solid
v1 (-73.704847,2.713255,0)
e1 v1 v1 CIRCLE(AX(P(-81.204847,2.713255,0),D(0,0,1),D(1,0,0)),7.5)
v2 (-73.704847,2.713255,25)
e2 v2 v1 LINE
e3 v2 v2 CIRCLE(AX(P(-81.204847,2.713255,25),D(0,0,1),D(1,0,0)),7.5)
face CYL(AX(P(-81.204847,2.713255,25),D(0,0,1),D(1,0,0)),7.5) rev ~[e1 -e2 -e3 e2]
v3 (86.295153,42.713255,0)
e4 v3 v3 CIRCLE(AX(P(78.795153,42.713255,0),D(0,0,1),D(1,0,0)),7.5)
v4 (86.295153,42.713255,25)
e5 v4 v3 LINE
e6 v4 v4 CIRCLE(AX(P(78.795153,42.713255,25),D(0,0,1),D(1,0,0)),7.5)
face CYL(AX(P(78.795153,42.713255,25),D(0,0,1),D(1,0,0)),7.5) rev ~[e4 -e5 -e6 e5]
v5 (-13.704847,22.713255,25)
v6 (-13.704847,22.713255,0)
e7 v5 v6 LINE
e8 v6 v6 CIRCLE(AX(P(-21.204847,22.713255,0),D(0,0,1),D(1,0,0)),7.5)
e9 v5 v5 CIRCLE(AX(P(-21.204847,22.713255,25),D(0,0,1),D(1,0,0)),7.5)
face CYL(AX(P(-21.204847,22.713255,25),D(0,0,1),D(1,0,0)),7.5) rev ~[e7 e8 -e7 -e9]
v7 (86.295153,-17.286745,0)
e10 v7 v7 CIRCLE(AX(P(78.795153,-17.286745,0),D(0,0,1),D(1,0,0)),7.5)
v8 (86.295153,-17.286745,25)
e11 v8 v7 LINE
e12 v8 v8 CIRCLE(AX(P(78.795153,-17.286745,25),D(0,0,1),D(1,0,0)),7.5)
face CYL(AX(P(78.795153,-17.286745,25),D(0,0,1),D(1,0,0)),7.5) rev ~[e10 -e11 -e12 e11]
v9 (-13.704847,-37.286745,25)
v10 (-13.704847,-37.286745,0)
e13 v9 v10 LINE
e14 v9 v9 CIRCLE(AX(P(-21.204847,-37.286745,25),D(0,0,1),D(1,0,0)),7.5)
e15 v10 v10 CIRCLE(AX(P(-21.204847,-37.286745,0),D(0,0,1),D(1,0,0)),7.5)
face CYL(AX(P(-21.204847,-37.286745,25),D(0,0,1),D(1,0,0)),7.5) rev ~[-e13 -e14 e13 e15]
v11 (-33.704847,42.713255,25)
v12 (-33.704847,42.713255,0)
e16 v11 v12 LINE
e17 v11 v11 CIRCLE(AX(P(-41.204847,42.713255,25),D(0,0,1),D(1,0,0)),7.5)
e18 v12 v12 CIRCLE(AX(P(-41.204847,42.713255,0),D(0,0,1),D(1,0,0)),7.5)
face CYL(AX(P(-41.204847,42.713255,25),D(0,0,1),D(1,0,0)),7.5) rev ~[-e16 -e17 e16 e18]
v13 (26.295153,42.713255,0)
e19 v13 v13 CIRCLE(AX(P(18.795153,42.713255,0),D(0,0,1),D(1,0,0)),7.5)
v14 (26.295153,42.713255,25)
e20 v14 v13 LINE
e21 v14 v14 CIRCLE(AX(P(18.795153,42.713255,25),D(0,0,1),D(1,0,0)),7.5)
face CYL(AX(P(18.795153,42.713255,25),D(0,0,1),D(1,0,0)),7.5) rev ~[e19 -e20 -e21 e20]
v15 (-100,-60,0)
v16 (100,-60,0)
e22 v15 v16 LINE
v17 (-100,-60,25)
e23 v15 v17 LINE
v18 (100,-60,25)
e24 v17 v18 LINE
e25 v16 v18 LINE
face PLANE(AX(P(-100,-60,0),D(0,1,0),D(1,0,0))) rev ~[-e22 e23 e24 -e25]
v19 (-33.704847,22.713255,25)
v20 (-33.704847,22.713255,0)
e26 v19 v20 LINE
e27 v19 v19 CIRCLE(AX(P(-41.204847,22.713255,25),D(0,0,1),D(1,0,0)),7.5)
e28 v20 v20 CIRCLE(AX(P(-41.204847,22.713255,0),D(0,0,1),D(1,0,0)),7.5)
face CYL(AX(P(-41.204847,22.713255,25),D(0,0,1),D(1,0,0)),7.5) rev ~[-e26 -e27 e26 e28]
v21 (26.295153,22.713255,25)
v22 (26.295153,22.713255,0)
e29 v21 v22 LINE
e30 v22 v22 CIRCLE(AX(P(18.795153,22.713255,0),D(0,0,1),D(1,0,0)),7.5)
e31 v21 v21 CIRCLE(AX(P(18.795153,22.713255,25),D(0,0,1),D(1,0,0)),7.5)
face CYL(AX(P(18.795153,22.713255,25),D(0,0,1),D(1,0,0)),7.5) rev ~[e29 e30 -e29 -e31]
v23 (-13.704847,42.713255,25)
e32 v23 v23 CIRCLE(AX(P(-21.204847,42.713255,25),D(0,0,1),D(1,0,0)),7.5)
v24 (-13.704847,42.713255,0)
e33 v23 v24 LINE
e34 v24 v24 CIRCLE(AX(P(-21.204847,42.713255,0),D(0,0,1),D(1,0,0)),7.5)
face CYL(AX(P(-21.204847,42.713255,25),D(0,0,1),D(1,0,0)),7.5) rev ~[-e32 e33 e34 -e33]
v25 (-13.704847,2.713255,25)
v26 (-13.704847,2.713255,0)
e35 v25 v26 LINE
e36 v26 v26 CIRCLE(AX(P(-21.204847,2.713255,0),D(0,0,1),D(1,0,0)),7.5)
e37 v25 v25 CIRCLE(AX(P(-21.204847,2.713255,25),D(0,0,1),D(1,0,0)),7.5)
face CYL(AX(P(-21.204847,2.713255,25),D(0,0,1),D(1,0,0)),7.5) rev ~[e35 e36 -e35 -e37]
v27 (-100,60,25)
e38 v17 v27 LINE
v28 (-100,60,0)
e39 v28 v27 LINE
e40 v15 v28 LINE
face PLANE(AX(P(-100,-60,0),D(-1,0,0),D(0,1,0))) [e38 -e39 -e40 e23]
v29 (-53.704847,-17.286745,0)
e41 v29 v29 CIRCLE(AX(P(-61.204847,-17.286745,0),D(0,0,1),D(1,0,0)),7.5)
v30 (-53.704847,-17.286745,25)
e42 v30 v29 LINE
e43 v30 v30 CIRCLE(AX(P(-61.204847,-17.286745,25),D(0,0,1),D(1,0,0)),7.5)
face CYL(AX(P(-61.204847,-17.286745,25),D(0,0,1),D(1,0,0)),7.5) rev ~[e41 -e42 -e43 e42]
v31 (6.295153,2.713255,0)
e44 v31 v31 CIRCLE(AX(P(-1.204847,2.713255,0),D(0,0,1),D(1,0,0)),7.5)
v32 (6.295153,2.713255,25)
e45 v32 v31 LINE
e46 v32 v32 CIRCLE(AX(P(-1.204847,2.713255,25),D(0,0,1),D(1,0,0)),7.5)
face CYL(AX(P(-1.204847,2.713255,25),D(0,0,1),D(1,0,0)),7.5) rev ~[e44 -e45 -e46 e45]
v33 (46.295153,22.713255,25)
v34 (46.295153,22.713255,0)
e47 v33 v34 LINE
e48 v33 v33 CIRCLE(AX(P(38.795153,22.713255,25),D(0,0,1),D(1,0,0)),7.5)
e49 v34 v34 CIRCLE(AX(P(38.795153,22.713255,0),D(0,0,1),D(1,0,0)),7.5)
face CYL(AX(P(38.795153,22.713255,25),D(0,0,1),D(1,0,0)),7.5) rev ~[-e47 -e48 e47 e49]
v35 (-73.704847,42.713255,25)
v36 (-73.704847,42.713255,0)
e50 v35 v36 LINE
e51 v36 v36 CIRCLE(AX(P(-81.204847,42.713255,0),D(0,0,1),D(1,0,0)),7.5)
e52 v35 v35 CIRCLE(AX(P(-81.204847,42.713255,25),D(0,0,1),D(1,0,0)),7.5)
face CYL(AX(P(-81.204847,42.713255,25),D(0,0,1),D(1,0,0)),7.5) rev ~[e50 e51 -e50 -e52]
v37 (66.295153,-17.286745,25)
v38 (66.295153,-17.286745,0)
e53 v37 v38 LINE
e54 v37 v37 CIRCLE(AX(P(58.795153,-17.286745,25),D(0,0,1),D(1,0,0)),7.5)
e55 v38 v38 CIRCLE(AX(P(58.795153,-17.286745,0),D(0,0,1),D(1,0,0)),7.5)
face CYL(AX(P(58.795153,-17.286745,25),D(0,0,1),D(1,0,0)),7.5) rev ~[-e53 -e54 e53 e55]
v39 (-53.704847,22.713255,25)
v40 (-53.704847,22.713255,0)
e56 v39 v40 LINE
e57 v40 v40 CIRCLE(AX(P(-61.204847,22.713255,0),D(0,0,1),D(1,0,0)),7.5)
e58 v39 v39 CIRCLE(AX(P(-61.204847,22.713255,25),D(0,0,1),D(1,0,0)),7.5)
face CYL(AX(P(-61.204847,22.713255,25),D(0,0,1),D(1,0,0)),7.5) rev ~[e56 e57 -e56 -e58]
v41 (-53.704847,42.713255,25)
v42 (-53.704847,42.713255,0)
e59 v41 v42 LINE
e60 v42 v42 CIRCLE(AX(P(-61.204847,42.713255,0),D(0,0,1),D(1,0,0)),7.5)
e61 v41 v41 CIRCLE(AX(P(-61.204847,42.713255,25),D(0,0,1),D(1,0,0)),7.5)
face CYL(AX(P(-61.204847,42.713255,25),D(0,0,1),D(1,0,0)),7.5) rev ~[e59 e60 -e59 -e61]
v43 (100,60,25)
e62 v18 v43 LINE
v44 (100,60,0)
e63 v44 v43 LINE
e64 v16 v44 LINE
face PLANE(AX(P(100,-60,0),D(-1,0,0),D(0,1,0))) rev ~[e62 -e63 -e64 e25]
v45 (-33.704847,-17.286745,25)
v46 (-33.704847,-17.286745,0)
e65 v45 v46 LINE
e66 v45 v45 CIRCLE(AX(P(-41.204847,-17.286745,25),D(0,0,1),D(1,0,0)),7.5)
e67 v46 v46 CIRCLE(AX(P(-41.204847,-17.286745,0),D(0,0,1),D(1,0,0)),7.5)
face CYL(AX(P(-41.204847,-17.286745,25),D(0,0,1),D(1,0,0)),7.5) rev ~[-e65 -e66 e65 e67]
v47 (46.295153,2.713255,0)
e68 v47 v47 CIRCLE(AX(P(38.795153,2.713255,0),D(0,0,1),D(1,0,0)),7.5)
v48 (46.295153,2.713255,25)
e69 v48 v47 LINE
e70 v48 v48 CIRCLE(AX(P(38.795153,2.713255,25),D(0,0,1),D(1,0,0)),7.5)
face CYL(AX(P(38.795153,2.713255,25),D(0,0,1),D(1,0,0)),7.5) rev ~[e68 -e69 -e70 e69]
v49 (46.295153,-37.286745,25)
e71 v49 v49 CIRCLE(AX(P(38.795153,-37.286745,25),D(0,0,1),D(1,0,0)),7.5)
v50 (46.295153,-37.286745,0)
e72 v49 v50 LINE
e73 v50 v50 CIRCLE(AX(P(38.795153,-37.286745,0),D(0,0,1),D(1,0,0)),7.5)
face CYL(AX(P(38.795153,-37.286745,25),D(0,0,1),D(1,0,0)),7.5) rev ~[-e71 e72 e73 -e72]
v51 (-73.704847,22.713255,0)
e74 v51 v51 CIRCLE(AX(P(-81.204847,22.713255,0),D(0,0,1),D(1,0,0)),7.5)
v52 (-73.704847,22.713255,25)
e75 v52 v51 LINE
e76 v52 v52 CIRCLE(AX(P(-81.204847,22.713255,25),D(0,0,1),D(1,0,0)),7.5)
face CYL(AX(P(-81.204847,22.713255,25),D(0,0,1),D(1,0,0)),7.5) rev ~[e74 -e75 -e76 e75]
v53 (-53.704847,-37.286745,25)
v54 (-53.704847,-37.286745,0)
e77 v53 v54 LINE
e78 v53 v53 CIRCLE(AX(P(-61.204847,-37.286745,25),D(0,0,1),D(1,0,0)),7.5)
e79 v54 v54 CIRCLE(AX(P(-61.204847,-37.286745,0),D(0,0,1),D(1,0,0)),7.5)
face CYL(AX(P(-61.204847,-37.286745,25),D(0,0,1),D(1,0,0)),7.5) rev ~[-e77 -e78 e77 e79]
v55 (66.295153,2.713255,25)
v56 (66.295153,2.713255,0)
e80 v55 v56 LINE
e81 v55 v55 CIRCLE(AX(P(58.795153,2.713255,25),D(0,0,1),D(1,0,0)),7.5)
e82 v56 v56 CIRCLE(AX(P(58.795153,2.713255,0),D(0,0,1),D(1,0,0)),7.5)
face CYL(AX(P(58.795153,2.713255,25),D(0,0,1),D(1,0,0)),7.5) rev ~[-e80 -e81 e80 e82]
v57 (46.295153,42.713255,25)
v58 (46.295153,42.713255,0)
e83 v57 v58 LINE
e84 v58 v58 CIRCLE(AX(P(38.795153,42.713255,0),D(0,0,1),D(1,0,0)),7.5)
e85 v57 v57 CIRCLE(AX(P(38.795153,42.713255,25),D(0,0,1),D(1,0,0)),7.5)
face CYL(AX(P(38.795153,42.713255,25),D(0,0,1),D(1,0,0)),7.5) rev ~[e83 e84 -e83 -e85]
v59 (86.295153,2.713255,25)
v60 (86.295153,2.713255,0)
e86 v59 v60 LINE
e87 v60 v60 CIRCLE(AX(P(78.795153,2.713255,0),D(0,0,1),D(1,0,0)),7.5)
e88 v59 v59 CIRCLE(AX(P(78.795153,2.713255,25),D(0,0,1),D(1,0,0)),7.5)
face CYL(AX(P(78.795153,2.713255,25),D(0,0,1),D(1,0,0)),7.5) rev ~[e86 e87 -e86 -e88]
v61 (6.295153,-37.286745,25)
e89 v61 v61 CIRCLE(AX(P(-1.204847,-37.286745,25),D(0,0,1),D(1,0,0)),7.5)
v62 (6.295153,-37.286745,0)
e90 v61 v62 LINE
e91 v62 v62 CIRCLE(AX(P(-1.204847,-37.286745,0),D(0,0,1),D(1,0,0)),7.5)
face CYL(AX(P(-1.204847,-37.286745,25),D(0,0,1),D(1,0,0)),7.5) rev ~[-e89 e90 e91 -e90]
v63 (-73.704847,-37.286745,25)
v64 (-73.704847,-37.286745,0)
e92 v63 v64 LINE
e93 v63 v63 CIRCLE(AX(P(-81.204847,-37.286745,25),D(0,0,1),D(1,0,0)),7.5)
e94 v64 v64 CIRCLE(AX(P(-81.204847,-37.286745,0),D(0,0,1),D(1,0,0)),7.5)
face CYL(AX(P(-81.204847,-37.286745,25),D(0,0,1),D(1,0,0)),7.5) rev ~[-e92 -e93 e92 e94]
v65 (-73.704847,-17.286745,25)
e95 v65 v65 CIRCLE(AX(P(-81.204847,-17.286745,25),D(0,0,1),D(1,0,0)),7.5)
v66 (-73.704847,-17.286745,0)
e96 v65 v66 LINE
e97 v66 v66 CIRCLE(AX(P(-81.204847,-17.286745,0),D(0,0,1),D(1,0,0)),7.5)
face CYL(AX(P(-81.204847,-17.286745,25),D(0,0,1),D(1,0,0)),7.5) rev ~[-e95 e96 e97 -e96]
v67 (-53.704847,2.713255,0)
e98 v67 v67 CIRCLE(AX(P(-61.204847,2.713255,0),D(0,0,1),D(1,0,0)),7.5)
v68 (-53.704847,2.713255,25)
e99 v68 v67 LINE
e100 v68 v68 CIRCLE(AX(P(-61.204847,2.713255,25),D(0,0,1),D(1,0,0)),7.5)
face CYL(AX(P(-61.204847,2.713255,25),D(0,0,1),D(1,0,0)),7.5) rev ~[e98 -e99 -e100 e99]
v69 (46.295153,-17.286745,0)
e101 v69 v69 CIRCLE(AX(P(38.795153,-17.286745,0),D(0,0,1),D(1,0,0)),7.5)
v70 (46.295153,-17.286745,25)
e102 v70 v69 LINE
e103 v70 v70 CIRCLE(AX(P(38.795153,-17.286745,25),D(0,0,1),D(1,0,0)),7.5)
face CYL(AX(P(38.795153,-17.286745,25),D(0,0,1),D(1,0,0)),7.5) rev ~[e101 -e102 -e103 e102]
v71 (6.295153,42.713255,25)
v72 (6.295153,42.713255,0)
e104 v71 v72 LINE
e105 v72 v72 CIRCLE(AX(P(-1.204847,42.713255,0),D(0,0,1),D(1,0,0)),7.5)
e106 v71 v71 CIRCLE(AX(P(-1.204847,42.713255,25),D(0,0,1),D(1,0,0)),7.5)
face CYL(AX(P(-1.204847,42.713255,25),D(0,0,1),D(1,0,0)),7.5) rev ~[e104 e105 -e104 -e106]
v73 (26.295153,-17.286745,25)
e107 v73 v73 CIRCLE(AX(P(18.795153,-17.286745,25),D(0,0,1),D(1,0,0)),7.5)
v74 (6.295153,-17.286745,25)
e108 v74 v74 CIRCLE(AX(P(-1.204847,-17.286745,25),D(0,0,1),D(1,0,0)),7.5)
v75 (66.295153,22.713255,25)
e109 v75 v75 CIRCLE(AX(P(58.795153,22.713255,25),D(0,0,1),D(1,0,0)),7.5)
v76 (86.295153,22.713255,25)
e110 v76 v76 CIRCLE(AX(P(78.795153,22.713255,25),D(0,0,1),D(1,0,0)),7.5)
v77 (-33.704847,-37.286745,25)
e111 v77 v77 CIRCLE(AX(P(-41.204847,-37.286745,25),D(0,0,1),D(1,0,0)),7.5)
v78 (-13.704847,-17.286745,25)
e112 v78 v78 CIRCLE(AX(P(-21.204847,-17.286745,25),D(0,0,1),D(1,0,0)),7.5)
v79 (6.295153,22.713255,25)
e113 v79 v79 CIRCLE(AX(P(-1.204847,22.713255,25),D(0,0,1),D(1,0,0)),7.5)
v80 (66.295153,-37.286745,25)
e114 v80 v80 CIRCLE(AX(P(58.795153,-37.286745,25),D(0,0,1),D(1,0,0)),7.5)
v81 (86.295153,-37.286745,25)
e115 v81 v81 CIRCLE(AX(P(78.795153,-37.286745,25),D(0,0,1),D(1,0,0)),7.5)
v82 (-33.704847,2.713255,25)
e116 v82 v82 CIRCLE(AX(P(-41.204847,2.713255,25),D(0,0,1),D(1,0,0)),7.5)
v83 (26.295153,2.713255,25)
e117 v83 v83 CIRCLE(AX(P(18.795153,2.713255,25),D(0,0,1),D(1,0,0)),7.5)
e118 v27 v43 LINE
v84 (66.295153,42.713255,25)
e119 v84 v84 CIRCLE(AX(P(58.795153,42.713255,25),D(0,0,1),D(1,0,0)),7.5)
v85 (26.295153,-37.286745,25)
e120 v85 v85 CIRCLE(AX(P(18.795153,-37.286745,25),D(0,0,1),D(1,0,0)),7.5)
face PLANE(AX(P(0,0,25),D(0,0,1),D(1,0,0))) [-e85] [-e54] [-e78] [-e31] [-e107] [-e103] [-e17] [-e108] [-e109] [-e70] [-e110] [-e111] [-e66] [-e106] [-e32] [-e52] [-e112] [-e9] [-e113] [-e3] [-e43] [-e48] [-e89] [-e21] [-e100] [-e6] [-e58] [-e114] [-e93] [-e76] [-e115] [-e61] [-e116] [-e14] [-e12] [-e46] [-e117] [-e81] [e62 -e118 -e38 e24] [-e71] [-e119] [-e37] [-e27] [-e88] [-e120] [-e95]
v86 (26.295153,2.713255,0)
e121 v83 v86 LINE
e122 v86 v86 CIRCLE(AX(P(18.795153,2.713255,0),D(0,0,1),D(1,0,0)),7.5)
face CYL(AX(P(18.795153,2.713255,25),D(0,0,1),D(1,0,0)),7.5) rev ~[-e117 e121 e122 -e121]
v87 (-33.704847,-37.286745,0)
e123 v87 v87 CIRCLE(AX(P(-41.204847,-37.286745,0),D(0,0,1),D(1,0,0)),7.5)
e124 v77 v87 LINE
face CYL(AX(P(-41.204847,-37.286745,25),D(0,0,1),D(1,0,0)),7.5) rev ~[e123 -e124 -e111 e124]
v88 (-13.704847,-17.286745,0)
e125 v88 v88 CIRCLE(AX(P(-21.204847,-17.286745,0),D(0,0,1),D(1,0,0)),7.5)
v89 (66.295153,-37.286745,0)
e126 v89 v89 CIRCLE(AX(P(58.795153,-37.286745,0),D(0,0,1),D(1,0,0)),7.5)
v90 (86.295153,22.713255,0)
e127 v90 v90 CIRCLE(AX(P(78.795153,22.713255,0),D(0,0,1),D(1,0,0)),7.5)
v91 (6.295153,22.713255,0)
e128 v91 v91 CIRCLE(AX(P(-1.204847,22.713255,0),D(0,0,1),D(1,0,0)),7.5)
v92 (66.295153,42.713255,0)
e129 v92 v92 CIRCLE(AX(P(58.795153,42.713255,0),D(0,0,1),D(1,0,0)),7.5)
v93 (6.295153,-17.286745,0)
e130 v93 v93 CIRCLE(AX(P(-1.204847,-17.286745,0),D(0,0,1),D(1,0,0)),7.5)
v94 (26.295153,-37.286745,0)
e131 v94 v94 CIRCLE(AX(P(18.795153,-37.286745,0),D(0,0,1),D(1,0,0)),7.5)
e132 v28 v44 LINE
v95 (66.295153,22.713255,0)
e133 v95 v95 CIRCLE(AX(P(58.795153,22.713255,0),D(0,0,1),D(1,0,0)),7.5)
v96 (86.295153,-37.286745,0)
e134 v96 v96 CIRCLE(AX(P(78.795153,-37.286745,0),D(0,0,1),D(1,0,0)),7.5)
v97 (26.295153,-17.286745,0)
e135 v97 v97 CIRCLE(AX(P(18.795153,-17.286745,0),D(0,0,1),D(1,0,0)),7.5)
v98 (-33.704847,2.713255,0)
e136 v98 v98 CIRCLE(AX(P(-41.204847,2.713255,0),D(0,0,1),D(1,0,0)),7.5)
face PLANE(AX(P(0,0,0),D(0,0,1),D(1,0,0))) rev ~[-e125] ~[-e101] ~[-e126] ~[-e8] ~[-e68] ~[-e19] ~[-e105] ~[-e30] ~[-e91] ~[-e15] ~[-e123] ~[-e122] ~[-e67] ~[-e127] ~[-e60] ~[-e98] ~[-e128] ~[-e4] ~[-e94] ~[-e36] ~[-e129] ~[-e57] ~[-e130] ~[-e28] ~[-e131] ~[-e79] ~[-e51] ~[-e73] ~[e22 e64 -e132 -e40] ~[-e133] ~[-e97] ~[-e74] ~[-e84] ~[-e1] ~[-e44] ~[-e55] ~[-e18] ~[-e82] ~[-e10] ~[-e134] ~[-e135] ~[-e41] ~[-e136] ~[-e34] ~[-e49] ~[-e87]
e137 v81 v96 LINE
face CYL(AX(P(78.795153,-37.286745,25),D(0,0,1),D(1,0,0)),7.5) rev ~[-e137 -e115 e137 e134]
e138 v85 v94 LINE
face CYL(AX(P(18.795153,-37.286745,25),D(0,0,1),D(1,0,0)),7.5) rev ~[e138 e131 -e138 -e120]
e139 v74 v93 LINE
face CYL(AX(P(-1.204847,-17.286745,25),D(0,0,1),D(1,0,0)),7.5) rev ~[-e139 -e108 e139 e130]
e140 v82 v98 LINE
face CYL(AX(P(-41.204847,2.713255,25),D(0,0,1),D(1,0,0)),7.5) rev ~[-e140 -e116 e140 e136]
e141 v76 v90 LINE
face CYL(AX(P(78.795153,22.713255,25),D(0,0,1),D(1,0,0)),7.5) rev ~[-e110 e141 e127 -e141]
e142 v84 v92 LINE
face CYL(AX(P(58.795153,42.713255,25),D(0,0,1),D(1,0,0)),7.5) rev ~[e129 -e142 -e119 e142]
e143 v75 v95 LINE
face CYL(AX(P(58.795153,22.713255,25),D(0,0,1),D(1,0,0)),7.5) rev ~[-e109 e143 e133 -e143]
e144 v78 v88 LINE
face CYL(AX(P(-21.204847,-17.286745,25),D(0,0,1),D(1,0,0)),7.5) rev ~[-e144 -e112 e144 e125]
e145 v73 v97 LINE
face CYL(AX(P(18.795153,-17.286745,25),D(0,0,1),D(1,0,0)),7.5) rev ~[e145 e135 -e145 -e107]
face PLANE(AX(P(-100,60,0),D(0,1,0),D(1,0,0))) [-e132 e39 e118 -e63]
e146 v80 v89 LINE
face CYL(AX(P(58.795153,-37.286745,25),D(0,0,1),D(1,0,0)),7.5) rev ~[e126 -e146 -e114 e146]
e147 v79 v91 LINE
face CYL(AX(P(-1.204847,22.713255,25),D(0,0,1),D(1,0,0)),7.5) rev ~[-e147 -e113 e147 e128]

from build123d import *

# Parameters (mm, degrees)
F0_W     = 200
F0_H     = 120
F1_DEPTH = 25
F2_R     = 7.5
F3_DEPTH = 25


with BuildPart() as f1:
    # F0 (on Top) → F1 (new body)
    with BuildSketch(Plane.XY):
        Rectangle(F0_W, F0_H)
    extrude(amount=F1_DEPTH)

    # F2 (on face) → F3 (cut)
    with BuildSketch(Plane.XY.offset(25)):
        with Locations((-81.204847, 42.713255)):
            Circle(F2_R)
        with Locations((-81.204847, 22.713255)):
            Circle(F2_R)
        with Locations((-81.204847, 2.713255)):
            Circle(F2_R)
        with Locations((-81.204847, -17.286745)):
            Circle(F2_R)
        with Locations((-81.204847, -37.286745)):
            Circle(F2_R)
        with Locations((-61.204847, 42.713255)):
            Circle(F2_R)
        with Locations((-61.204847, 22.713255)):
            Circle(F2_R)
        with Locations((-61.204847, 2.713255)):
            Circle(F2_R)
        with Locations((-61.204847, -17.286745)):
            Circle(F2_R)
        with Locations((-61.204847, -37.286745)):
            Circle(F2_R)
        with Locations((-41.204847, 42.713255)):
            Circle(F2_R)
        with Locations((-41.204847, 22.713255)):
            Circle(F2_R)
        with Locations((-41.204847, 2.713255)):
            Circle(F2_R)
        with Locations((-41.204847, -17.286745)):
            Circle(F2_R)
        with Locations((-41.204847, -37.286745)):
            Circle(F2_R)
        with Locations((-21.204847, 42.713255)):
            Circle(F2_R)
        with Locations((-21.204847, 22.713255)):
            Circle(F2_R)
        with Locations((-21.204847, 2.713255)):
            Circle(F2_R)
        with Locations((-21.204847, -17.286745)):
            Circle(F2_R)
        with Locations((-21.204847, -37.286745)):
            Circle(F2_R)
        with Locations((-1.204847, 42.713255)):
            Circle(F2_R)
        with Locations((-1.204847, 22.713255)):
            Circle(F2_R)
        with Locations((-1.204847, 2.713255)):
            Circle(F2_R)
        with Locations((-1.204847, -17.286745)):
            Circle(F2_R)
        with Locations((-1.204847, -37.286745)):
            Circle(F2_R)
        with Locations((18.795153, 42.713255)):
            Circle(F2_R)
        with Locations((18.795153, 22.713255)):
            Circle(F2_R)
        with Locations((18.795153, 2.713255)):
            Circle(F2_R)
        with Locations((18.795153, -17.286745)):
            Circle(F2_R)
        with Locations((18.795153, -37.286745)):
            Circle(F2_R)
        with Locations((38.795153, 42.713255)):
            Circle(F2_R)
        with Locations((38.795153, 22.713255)):
            Circle(F2_R)
        with Locations((38.795153, 2.713255)):
            Circle(F2_R)
        with Locations((38.795153, -17.286745)):
            Circle(F2_R)
        with Locations((38.795153, -37.286745)):
            Circle(F2_R)
        with Locations((58.795153, 42.713255)):
            Circle(F2_R)
        with Locations((58.795153, 22.713255)):
            Circle(F2_R)
        with Locations((58.795153, 2.713255)):
            Circle(F2_R)
        with Locations((58.795153, -17.286745)):
            Circle(F2_R)
        with Locations((58.795153, -37.286745)):
            Circle(F2_R)
        with Locations((78.795153, 42.713255)):
            Circle(F2_R)
        with Locations((78.795153, 22.713255)):
            Circle(F2_R)
        with Locations((78.795153, 2.713255)):
            Circle(F2_R)
        with Locations((78.795153, -17.286745)):
            Circle(F2_R)
        with Locations((78.795153, -37.286745)):
            Circle(F2_R)
    extrude(amount=-F3_DEPTH, mode=Mode.SUBTRACT)


solid = f1.part
